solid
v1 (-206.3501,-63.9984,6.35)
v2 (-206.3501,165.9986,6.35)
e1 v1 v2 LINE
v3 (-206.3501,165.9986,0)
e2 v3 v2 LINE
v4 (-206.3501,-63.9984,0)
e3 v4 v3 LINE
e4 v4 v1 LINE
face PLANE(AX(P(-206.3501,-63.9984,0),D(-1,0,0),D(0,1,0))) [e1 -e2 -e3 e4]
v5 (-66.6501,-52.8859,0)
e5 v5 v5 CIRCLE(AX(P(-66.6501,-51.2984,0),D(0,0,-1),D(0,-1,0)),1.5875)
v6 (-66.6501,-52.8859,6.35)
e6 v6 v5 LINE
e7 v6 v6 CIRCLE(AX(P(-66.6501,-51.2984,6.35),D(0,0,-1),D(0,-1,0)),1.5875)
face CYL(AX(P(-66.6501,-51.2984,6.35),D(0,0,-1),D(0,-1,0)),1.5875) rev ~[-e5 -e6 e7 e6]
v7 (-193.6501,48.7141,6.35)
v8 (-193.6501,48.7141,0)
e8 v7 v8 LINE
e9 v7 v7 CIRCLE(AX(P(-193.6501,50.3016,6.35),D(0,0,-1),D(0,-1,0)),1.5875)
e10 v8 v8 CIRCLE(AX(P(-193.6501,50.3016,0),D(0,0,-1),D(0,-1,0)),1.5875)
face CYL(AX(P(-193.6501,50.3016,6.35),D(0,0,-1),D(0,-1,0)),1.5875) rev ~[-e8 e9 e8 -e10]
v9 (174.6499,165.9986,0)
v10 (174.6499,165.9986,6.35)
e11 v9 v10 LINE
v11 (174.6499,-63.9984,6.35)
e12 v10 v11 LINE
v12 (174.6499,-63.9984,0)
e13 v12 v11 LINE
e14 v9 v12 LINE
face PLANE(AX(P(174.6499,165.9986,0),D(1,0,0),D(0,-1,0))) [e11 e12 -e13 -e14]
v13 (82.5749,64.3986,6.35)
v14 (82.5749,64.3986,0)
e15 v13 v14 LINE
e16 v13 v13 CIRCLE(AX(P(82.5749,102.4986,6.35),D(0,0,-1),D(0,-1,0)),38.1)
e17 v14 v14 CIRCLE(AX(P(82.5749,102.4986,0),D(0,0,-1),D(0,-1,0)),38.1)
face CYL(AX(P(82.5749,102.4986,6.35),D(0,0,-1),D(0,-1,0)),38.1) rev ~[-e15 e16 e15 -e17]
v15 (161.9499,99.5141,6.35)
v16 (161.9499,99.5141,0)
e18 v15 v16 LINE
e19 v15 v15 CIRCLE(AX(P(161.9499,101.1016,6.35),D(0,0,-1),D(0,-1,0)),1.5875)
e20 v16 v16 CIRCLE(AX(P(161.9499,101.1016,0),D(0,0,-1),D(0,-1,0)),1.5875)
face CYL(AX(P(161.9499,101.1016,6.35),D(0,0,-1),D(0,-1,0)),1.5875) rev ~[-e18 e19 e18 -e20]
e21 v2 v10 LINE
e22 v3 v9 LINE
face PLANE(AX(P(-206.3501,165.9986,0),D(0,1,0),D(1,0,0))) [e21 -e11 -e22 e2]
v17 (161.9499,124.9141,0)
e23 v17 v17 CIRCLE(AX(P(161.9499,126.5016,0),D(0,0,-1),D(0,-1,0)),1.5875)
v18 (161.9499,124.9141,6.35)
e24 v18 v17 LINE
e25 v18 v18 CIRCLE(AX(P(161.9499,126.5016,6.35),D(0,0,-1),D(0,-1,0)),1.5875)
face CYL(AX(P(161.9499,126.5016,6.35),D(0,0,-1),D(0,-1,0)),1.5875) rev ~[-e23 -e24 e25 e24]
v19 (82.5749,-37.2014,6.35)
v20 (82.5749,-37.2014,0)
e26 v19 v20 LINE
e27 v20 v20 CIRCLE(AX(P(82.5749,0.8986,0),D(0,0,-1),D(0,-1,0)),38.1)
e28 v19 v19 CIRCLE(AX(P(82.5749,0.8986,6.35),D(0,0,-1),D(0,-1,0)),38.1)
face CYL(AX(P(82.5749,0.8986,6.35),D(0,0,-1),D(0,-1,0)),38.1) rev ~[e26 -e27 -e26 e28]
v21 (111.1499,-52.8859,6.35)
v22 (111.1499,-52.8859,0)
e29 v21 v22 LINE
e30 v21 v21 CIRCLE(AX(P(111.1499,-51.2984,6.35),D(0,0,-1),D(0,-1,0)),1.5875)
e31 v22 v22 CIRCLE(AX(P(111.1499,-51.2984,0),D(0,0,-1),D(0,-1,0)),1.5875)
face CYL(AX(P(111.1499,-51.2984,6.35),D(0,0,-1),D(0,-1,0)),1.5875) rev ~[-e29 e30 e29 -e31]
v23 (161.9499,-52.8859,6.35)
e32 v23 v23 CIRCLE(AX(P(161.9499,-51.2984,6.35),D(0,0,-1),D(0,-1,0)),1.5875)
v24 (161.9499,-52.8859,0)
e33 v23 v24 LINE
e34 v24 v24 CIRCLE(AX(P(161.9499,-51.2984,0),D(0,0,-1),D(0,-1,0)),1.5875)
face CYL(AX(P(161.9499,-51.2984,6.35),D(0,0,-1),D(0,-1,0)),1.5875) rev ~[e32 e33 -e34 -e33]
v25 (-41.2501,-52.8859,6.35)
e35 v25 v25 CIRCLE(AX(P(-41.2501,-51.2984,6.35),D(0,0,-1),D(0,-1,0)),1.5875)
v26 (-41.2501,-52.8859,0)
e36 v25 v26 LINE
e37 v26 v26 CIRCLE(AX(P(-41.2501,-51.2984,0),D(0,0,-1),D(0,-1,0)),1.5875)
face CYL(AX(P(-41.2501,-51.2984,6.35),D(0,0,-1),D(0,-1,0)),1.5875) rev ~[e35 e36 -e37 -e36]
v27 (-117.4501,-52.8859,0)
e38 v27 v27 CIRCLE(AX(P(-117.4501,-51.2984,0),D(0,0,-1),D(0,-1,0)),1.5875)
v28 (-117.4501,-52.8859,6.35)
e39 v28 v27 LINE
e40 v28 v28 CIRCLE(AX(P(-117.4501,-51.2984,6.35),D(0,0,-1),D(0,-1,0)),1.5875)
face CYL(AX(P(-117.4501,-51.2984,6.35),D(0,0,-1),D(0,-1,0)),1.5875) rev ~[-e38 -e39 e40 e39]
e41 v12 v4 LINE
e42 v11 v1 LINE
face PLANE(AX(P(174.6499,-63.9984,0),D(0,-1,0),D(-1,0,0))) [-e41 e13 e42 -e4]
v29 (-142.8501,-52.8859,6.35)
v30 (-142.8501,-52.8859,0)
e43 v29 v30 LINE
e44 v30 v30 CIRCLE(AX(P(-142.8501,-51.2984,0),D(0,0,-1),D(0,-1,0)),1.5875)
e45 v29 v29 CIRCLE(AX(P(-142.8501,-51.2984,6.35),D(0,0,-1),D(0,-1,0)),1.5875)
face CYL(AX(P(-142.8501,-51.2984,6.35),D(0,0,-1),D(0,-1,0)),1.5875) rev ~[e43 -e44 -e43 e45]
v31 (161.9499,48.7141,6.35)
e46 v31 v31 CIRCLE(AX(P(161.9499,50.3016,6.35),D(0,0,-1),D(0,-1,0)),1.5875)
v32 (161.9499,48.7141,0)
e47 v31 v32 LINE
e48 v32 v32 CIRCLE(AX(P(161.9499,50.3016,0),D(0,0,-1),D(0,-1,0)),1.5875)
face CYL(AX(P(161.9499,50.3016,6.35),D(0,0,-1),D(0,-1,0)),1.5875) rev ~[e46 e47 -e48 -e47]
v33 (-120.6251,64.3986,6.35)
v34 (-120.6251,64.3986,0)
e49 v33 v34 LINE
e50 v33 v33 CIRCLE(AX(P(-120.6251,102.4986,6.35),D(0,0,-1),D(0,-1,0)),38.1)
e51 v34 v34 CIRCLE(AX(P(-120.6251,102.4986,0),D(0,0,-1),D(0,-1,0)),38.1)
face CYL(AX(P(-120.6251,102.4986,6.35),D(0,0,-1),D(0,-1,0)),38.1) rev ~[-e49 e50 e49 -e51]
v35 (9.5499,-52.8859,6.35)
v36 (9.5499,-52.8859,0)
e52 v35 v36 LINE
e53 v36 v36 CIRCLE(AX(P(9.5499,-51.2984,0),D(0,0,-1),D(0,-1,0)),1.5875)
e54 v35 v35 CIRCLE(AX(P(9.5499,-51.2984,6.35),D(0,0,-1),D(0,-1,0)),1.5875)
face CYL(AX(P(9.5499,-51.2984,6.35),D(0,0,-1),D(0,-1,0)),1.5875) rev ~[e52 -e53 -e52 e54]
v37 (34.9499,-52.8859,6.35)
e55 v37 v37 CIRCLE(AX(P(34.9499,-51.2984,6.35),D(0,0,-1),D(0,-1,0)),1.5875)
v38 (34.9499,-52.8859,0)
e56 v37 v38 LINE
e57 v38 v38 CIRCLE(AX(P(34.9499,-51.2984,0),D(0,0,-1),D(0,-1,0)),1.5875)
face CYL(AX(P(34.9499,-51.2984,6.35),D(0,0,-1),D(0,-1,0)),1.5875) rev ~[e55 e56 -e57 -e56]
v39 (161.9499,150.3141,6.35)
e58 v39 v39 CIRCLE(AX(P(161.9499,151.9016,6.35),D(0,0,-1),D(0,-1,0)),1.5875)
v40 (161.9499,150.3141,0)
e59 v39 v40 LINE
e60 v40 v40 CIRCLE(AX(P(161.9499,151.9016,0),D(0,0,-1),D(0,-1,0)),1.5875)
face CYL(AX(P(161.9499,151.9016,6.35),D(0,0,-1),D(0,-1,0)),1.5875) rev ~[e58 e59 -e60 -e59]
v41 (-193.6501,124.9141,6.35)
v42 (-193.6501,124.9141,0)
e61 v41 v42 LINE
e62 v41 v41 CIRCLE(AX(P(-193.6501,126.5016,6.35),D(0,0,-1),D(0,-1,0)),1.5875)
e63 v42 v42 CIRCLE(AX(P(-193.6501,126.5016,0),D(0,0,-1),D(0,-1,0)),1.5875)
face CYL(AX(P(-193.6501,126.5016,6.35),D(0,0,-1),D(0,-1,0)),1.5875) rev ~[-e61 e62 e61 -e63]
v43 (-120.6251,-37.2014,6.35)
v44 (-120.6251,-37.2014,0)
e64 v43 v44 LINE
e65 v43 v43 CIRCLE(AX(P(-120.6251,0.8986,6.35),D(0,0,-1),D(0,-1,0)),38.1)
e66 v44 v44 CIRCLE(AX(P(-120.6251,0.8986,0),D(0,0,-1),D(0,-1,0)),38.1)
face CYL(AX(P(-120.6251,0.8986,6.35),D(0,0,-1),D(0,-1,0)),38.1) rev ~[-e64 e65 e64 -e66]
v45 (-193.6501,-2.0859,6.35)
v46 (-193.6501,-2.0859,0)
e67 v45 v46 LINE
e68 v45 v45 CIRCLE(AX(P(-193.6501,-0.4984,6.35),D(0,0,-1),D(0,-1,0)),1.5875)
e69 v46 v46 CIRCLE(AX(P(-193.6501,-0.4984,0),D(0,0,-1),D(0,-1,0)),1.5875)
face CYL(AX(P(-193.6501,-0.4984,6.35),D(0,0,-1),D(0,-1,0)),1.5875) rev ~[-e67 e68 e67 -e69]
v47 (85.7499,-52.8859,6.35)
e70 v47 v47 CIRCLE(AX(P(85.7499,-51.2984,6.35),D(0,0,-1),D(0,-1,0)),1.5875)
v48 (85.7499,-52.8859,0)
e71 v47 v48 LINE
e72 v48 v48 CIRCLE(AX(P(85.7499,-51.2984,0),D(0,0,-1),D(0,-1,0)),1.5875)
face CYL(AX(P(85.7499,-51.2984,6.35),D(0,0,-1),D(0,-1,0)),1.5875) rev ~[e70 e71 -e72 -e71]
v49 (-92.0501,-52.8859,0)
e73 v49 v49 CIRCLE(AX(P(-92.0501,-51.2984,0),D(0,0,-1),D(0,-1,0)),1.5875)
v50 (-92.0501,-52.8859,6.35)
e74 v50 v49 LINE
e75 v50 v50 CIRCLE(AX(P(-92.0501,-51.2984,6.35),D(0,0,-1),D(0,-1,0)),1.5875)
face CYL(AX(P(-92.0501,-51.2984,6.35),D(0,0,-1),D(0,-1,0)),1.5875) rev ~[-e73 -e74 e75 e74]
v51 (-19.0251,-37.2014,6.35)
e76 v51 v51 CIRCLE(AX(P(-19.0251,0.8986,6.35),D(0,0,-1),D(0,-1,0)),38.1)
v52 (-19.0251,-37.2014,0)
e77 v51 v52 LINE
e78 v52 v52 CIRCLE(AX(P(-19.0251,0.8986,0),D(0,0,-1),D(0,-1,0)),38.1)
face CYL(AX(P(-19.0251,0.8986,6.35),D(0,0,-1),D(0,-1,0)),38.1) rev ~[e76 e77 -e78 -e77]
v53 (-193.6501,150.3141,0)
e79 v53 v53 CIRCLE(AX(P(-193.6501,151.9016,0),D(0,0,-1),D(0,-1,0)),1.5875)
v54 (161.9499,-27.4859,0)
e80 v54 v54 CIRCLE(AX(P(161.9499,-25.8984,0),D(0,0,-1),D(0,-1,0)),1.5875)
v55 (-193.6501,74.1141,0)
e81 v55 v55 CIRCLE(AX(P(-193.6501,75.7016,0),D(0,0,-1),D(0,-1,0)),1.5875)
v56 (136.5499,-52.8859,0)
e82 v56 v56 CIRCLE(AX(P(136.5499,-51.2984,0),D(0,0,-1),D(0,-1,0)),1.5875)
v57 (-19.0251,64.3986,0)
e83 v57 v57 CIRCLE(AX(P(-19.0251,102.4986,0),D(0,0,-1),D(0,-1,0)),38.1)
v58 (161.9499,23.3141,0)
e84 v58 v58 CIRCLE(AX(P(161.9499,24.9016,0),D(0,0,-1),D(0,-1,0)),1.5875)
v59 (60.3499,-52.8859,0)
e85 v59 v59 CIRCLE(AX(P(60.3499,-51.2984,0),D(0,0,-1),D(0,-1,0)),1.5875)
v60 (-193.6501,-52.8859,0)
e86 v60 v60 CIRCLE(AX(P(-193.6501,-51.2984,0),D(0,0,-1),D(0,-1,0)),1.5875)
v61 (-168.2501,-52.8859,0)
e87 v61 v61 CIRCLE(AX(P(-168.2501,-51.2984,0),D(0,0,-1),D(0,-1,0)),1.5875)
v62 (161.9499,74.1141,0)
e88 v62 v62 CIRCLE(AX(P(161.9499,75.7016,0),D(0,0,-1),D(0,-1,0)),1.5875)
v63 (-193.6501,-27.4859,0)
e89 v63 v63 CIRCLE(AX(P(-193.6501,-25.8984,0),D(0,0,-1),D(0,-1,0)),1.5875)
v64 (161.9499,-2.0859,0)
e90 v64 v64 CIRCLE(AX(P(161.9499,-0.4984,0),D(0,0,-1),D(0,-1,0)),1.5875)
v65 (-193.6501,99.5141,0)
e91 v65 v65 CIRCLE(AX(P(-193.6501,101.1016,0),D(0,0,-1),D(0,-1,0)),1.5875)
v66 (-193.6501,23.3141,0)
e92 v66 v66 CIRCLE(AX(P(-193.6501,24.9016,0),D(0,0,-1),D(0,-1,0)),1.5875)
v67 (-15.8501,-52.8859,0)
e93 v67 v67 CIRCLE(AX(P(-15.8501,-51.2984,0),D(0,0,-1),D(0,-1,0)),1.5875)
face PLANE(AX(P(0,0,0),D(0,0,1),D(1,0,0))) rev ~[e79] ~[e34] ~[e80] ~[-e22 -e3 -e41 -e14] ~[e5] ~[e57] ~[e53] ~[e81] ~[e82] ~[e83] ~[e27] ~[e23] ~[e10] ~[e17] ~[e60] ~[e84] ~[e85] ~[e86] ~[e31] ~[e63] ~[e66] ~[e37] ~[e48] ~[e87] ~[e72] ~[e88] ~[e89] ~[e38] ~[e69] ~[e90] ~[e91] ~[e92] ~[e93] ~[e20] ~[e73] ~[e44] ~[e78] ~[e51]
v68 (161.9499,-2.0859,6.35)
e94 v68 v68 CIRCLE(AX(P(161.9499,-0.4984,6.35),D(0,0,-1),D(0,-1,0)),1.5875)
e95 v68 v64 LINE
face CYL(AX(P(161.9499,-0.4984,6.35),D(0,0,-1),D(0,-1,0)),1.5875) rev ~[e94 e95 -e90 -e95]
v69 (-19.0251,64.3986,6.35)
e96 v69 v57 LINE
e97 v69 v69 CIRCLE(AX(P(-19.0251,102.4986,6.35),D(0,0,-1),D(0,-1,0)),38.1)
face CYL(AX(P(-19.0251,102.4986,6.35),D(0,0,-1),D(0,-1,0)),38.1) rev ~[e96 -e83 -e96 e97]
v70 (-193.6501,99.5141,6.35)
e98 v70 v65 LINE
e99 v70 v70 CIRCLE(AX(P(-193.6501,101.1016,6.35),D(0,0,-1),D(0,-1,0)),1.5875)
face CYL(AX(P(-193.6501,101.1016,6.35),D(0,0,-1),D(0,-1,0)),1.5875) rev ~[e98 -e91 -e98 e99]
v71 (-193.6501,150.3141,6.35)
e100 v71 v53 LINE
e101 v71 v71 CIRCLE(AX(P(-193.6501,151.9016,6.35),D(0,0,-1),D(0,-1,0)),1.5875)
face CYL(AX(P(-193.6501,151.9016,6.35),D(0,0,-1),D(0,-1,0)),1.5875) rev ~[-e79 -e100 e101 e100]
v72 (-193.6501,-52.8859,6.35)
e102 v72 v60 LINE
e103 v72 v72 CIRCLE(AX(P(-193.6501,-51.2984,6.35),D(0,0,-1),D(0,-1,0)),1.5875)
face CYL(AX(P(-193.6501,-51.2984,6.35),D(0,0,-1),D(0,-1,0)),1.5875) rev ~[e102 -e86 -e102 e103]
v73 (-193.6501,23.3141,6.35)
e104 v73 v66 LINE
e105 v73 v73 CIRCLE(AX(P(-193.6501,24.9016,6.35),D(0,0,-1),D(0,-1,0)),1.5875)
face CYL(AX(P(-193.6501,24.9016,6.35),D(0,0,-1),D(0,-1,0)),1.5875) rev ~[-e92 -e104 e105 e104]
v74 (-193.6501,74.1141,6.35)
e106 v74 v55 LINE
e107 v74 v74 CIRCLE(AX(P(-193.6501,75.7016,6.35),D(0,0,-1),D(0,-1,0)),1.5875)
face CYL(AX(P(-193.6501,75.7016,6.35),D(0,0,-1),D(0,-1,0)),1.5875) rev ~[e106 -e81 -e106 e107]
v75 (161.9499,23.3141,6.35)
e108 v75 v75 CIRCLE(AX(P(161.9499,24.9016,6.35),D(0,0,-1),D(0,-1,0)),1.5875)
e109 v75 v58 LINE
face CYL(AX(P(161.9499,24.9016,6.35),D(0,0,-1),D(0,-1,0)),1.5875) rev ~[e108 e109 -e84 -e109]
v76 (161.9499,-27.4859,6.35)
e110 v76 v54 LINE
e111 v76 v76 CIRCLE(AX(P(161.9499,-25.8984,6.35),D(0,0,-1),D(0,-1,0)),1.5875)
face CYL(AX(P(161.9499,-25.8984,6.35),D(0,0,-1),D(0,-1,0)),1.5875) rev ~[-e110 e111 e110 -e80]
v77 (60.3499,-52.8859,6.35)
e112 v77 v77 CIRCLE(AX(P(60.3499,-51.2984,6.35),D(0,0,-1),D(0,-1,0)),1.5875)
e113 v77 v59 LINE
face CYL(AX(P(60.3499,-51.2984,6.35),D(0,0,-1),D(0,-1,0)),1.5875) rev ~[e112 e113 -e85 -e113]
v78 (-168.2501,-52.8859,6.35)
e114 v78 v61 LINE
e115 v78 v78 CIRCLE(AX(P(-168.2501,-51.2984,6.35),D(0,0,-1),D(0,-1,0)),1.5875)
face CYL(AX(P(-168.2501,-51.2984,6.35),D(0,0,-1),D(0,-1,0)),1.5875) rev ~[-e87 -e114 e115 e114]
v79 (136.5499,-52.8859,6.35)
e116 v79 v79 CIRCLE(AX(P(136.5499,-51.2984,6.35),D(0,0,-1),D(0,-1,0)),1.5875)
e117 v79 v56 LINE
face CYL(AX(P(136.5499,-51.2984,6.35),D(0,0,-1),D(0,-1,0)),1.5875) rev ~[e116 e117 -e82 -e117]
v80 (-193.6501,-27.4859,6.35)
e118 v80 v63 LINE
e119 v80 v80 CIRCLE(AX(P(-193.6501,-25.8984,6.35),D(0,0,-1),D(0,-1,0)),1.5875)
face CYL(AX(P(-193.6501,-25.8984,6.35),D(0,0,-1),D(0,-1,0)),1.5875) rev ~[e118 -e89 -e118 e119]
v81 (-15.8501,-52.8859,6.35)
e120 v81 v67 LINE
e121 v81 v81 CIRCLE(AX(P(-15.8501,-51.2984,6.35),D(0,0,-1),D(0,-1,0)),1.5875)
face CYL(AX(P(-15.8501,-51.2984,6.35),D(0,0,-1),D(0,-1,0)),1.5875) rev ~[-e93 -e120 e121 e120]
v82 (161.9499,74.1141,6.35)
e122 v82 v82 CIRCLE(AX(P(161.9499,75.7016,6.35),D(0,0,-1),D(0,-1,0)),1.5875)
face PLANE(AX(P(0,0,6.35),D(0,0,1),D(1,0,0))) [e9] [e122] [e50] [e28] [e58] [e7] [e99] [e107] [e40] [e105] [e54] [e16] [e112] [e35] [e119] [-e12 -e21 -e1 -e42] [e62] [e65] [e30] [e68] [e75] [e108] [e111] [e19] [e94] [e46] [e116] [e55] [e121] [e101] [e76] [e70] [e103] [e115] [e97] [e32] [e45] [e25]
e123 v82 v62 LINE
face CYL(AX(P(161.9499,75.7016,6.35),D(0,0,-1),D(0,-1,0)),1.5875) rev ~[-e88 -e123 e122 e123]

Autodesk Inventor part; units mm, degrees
ref_plane "YZ Plane" through (0, 0, 0) normal (1, 0, 0) x (0, 1, 0)
ref_plane "XZ Plane" through (0, 0, 0) normal (0, 1, 0) x (-1, 0, 0)
ref_plane "XY Plane" through (0, 0, 0) normal (0, 0, 1) x (1, 0, 0)
sketch "Sketch1" plane through (0, 0, 0) normal (0, 0, 1) x (1, 0, 0)
  line L0 (-206.3501, 165.9986) -> (174.6499, 165.9986)
  line L1 (174.6499, 165.9986) -> (174.6499, -63.9984)
  line L2 (174.6499, -63.9984) -> (-206.3501, -63.9984)
  line L3 (-206.3501, -63.9984) -> (-206.3501, 165.9986)
  point P0 (0, 0)
  dimension "d0" = 381
  dimension "d1" = 229.997
extrude "Extrusion1" add sketch "Sketch1" along normal blind 6.35
hole "Hole1" at (-120.6251, 102.4986, 6.35) direction (0, 0, -1) diameter 76.2 end through all
pattern_linear "Rectangular Pattern1" count 3 spacing 101.6 along (1, 0, 0) count 2 spacing 101.6 along (0, -1, 0) of "Hole1"
hole "Hole2" at (-193.6501, -51.2984, 6.35) direction (0, 0, -1) diameter 3.175 end through all
pattern_linear "Rectangular Pattern2" count 14 spacing 25.4 along (1, 0, 0) of "Hole2"
hole "Hole3" at (161.9499, -51.2984, 6.35) direction (0, 0, -1) diameter 3.175 end through all
pattern_linear "Rectangular Pattern3" count 9 spacing 25.4 along (0, 1, 0) of "Hole2"
pattern_linear "Rectangular Pattern4" count 9 spacing 25.4 along (0, 1, 0) of "Hole3"
properties part number "Bottom"
